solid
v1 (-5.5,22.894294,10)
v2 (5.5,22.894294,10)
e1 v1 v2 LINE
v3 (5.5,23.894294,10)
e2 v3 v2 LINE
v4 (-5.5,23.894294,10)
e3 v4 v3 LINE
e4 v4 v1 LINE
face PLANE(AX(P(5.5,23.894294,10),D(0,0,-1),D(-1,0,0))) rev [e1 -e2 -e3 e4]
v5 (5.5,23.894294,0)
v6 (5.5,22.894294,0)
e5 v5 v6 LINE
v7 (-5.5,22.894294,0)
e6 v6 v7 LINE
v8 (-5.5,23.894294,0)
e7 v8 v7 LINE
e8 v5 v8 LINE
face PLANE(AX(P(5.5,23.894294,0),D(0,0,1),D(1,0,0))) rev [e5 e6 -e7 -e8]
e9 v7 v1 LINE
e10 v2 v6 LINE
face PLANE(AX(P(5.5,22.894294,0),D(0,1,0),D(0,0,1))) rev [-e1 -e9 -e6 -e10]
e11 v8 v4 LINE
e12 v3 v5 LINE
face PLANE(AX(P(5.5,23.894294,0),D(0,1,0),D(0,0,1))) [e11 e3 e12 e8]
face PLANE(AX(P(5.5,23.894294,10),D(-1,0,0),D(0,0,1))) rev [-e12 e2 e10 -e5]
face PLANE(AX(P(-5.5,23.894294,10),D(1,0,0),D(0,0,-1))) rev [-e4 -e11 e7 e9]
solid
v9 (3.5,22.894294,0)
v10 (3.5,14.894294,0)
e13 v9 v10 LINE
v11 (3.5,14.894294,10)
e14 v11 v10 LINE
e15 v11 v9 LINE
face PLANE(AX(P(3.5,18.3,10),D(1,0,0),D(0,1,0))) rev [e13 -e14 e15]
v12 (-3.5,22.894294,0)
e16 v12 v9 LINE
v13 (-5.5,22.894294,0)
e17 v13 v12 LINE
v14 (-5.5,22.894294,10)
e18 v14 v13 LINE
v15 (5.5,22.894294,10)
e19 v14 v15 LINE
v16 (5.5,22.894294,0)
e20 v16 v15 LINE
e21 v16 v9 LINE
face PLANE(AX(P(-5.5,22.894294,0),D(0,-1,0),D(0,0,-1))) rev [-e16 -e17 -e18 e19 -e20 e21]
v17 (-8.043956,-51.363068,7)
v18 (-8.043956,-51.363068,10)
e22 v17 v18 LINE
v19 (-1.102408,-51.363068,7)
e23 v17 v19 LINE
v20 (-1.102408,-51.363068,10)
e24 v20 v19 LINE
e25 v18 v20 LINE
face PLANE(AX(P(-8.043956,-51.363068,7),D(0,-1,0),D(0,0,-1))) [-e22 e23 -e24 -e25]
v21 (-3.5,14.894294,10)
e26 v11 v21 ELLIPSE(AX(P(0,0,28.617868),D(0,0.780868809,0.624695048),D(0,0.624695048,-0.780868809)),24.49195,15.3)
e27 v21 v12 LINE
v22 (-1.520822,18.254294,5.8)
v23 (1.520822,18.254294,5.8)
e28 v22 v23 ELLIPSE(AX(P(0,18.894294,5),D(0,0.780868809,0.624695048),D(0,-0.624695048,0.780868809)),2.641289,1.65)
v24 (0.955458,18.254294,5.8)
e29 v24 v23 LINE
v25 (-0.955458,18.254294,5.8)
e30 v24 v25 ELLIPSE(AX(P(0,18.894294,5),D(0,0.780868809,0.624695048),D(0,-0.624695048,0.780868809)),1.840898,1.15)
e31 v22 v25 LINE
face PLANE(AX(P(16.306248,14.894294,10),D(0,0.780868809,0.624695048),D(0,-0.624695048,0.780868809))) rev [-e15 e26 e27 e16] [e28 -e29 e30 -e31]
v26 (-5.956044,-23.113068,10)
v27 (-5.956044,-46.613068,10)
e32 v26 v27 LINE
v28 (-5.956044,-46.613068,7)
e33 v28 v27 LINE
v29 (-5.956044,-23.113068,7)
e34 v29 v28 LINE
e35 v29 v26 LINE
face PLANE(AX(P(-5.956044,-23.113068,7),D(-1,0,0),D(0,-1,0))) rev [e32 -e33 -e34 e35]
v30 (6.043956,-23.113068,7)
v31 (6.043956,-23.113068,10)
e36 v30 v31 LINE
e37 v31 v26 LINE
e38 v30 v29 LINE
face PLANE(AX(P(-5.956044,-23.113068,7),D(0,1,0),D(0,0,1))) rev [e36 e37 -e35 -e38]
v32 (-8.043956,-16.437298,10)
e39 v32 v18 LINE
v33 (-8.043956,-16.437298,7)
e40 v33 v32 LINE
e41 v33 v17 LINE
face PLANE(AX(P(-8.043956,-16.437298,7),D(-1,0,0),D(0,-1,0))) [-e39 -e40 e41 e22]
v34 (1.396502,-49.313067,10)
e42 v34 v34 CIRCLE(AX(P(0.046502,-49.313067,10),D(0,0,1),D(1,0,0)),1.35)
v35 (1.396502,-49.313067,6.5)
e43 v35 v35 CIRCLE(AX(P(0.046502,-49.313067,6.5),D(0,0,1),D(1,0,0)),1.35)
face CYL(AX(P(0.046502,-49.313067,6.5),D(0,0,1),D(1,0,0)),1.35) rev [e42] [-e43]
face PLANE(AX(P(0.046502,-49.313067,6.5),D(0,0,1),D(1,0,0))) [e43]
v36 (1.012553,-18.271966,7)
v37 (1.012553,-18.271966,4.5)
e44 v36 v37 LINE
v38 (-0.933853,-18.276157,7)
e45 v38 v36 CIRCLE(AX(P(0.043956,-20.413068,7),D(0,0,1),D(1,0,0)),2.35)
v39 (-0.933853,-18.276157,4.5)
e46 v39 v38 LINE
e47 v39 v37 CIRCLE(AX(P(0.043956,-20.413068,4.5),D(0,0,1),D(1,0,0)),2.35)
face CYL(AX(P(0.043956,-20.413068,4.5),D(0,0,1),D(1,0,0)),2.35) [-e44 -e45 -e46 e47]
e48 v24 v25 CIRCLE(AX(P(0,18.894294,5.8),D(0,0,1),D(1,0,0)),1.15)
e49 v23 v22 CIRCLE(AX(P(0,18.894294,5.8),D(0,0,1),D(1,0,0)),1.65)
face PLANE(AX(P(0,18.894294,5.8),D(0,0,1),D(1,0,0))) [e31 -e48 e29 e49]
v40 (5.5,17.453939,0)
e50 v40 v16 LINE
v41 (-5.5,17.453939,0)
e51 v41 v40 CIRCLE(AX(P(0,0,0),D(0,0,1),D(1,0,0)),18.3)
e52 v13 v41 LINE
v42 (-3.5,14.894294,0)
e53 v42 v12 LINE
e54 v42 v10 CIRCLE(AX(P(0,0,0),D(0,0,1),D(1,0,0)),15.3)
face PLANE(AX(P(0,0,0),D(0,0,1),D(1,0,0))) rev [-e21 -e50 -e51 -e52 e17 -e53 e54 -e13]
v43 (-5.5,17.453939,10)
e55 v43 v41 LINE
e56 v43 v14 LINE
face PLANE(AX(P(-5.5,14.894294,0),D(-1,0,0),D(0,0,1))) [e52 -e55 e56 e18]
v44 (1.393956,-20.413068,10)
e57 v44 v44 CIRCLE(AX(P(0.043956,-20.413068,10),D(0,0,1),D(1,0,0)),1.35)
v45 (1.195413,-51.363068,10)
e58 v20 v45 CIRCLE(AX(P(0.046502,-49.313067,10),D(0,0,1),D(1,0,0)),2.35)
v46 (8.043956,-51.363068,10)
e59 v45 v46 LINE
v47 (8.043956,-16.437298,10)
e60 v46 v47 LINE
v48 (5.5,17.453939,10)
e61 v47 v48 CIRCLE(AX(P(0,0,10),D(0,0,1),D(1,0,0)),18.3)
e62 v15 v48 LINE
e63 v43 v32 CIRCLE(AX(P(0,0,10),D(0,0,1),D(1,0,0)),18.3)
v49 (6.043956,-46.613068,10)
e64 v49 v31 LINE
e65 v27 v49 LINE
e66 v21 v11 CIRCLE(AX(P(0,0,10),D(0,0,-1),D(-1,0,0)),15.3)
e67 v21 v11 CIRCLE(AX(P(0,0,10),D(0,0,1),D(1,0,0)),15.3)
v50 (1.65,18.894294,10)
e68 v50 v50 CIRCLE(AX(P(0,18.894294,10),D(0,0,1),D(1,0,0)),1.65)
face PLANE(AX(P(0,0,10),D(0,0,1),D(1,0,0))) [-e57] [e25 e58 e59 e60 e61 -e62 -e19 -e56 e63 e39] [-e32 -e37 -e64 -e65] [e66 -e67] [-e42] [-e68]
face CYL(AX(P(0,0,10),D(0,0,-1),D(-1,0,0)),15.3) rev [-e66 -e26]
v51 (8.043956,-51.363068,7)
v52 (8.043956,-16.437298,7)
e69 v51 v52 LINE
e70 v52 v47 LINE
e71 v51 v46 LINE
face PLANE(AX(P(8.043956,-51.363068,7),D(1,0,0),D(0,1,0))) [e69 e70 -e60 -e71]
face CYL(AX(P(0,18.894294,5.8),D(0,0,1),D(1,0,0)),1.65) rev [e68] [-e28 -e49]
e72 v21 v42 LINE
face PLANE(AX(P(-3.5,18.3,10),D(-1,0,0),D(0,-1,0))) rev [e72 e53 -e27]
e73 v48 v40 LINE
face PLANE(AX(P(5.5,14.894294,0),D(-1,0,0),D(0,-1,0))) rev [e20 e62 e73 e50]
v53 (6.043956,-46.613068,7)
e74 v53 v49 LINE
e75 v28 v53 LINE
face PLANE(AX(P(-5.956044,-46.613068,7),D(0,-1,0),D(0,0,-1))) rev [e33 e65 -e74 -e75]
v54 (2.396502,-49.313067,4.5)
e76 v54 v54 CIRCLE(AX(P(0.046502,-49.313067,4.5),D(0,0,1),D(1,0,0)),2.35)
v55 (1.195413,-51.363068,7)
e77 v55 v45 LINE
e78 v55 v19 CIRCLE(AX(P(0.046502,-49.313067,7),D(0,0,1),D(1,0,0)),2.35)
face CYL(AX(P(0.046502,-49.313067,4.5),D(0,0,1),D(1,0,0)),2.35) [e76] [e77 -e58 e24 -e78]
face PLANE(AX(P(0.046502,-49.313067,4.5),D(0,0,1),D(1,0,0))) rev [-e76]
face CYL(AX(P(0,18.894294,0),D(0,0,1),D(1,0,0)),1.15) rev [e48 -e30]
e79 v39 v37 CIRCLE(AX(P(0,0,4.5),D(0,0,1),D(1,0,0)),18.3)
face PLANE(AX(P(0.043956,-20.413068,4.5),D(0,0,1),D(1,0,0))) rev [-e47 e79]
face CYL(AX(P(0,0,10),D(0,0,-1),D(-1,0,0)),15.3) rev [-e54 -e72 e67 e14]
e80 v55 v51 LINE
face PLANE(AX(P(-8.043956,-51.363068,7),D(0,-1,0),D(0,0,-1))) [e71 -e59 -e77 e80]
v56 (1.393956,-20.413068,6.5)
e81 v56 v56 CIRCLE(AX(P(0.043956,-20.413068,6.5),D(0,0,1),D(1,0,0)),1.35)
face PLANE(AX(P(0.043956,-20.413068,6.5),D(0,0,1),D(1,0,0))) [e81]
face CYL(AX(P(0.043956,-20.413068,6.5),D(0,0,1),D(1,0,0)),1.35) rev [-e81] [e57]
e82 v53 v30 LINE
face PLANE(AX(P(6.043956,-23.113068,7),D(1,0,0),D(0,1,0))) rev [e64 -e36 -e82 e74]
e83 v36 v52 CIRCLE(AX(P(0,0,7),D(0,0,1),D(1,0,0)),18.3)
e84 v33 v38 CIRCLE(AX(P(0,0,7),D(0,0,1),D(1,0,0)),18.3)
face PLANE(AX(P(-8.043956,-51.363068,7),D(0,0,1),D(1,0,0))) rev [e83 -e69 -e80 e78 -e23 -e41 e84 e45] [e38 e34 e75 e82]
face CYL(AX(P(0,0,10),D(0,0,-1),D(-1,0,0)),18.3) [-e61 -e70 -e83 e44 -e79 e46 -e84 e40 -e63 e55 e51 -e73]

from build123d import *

# Parameters (mm, degrees)
SKETCH2_R       = 18.3
SKETCH2_R_2     = 15.3
EXTRUDE1_DEPTH  = 10
SKETCH3_W       = 16.087912088
SKETCH3_H       = 34.925770001
SKETCH3_W_2     = 12
SKETCH3_H_2     = 23.5
EXTRUDE2_DEPTH  = 3
SKETCH4_W       = 7
SKETCH4_H       = 3.40570579
EXTRUDE3_DEPTH  = 11
SKETCH5_W       = 7
SKETCH5_H       = 8
EXTRUDE4_DEPTH  = 10
EXTRUDE5_DEPTH  = 7
SKETCH7_W       = 10
SKETCH7_H       = 8
EXTRUDE6_DEPTH  = 2
SKETCH8_W       = 10
SKETCH8_H       = 8
EXTRUDE7_DEPTH  = 2
SKETCH9_W       = 11
SKETCH9_H       = 10
EXTRUDE9_DEPTH  = 1
SKETCH10_R      = 1.65
EXTRUDE10_DEPTH = 4.2
SKETCH11_R      = 1.15
EXTRUDE12_DEPTH = 6.8
SKETCH12_R      = 15.3
EXTRUDE13_DEPTH = 11
SKETCH29_R      = 2.35
EXTRUDE30_DEPTH = 5.5
SKETCH31_R      = 1.35
EXTRUDE31_DEPTH = 3.5


with BuildPart() as part:
    # Sketch2 → Extrude1 (new body)
    with BuildSketch(Plane.XY):
        Circle(SKETCH2_R)
        Circle(SKETCH2_R_2, mode=Mode.SUBTRACT)
    extrude(amount=EXTRUDE1_DEPTH)

    # Sketch3 → Extrude2 (add)
    with BuildSketch(Plane.XY.offset(10)):
        with Locations((0, -33.900183172)):
            Rectangle(SKETCH3_W, SKETCH3_H)
        with Locations((0.043956044, -34.863068172)):
            Rectangle(SKETCH3_W_2, SKETCH3_H_2, mode=Mode.SUBTRACT)
    extrude(amount=-EXTRUDE2_DEPTH)

    # Sketch4 → Extrude3 (cut, through all)
    with BuildSketch(Plane(origin=(0, 0, 0), x_dir=(-1, 0, 0), z_dir=(0, 0, -1))):
        with Locations((0, 16.597147105)):
            Rectangle(SKETCH4_W, SKETCH4_H)
    extrude(amount=-EXTRUDE3_DEPTH, mode=Mode.SUBTRACT)



with BuildPart() as body_2:
    # Sketch5 → Extrude4 (new body)
    with BuildSketch(Plane(origin=(0, 0, 0), x_dir=(-1, 0, 0), z_dir=(0, 0, -1))):
        with Locations((0, 18.89429421)):
            Rectangle(SKETCH5_W, SKETCH5_H)
    extrude(amount=-EXTRUDE4_DEPTH)

    # Sketch6 → Extrude5 (cut)
    with BuildSketch(Plane.ZY.offset(3.5)):
        Polygon((10, 14.89429421), (0, 22.89429421), (0, 14.89429421), align=None)
    extrude(amount=-EXTRUDE5_DEPTH, mode=Mode.SUBTRACT)


with BuildPart() as part_1:
    add(part.part)

    add(body_2.part)  # Extrude6 merges body 2
    # Sketch7 → Extrude6 (add)
    with BuildSketch(Plane.ZY.offset(3.5)):
        with Locations((5, 18.89429421)):
            Rectangle(SKETCH7_W, SKETCH7_H)
    extrude(amount=EXTRUDE6_DEPTH)

    # Sketch8 → Extrude7 (add)
    with BuildSketch(Plane(origin=(3.5, 0, 0), x_dir=(0, 0, -1), z_dir=(1, 0, 0))):
        with Locations((-5, 18.89429421)):
            Rectangle(SKETCH8_W, SKETCH8_H)
    extrude(amount=EXTRUDE7_DEPTH)

    # Sketch10 → Extrude10 (cut)
    with BuildSketch(Plane.XY.offset(10)):
        with Locations((0, 18.89429421)):
            Circle(SKETCH10_R)
    extrude(amount=-EXTRUDE10_DEPTH, mode=Mode.SUBTRACT)

    # Sketch11 → Extrude12 (cut, through all)
    with BuildSketch(Plane.XY.offset(5.8)):
        with Locations((0, 18.89429421)):
            Circle(SKETCH11_R)
    extrude(amount=-EXTRUDE12_DEPTH, mode=Mode.SUBTRACT)

    # Sketch12 → Extrude13 (cut, through all)
    with BuildSketch(Plane(origin=(0, 0, 0), x_dir=(-1, 0, 0), z_dir=(0, 0, -1))):
        Circle(SKETCH12_R)
    extrude(amount=-EXTRUDE13_DEPTH, mode=Mode.SUBTRACT)

    # Sketch29 → Extrude30 (add)
    with BuildSketch(Plane.XY.offset(10)):
        with Locations((0.043956044, -20.413068172)):
            Circle(SKETCH29_R)
        with Locations((0.046502138, -49.313066971)):
            Circle(SKETCH29_R)
    extrude(amount=-EXTRUDE30_DEPTH)

    # Sketch31 → Extrude31 (cut)
    with BuildSketch(Plane.XY.offset(10)):
        with Locations((0.046502138, -49.313066971)):
            Circle(SKETCH31_R)
        with Locations((0.043956044, -20.413068172)):
            Circle(SKETCH31_R)
    extrude(amount=-EXTRUDE31_DEPTH, mode=Mode.SUBTRACT)


with BuildPart() as body_2_2:
    # Sketch9 → Extrude9 (new body)
    with BuildSketch(Plane(origin=(0, 22.89429421, 0), x_dir=(1, 0, 0), z_dir=(0, 1, 0))):
        with Locations((0, -5)):
            Rectangle(SKETCH9_W, SKETCH9_H)
    extrude(amount=EXTRUDE9_DEPTH)


solid = Compound([part_1.part, body_2_2.part])
